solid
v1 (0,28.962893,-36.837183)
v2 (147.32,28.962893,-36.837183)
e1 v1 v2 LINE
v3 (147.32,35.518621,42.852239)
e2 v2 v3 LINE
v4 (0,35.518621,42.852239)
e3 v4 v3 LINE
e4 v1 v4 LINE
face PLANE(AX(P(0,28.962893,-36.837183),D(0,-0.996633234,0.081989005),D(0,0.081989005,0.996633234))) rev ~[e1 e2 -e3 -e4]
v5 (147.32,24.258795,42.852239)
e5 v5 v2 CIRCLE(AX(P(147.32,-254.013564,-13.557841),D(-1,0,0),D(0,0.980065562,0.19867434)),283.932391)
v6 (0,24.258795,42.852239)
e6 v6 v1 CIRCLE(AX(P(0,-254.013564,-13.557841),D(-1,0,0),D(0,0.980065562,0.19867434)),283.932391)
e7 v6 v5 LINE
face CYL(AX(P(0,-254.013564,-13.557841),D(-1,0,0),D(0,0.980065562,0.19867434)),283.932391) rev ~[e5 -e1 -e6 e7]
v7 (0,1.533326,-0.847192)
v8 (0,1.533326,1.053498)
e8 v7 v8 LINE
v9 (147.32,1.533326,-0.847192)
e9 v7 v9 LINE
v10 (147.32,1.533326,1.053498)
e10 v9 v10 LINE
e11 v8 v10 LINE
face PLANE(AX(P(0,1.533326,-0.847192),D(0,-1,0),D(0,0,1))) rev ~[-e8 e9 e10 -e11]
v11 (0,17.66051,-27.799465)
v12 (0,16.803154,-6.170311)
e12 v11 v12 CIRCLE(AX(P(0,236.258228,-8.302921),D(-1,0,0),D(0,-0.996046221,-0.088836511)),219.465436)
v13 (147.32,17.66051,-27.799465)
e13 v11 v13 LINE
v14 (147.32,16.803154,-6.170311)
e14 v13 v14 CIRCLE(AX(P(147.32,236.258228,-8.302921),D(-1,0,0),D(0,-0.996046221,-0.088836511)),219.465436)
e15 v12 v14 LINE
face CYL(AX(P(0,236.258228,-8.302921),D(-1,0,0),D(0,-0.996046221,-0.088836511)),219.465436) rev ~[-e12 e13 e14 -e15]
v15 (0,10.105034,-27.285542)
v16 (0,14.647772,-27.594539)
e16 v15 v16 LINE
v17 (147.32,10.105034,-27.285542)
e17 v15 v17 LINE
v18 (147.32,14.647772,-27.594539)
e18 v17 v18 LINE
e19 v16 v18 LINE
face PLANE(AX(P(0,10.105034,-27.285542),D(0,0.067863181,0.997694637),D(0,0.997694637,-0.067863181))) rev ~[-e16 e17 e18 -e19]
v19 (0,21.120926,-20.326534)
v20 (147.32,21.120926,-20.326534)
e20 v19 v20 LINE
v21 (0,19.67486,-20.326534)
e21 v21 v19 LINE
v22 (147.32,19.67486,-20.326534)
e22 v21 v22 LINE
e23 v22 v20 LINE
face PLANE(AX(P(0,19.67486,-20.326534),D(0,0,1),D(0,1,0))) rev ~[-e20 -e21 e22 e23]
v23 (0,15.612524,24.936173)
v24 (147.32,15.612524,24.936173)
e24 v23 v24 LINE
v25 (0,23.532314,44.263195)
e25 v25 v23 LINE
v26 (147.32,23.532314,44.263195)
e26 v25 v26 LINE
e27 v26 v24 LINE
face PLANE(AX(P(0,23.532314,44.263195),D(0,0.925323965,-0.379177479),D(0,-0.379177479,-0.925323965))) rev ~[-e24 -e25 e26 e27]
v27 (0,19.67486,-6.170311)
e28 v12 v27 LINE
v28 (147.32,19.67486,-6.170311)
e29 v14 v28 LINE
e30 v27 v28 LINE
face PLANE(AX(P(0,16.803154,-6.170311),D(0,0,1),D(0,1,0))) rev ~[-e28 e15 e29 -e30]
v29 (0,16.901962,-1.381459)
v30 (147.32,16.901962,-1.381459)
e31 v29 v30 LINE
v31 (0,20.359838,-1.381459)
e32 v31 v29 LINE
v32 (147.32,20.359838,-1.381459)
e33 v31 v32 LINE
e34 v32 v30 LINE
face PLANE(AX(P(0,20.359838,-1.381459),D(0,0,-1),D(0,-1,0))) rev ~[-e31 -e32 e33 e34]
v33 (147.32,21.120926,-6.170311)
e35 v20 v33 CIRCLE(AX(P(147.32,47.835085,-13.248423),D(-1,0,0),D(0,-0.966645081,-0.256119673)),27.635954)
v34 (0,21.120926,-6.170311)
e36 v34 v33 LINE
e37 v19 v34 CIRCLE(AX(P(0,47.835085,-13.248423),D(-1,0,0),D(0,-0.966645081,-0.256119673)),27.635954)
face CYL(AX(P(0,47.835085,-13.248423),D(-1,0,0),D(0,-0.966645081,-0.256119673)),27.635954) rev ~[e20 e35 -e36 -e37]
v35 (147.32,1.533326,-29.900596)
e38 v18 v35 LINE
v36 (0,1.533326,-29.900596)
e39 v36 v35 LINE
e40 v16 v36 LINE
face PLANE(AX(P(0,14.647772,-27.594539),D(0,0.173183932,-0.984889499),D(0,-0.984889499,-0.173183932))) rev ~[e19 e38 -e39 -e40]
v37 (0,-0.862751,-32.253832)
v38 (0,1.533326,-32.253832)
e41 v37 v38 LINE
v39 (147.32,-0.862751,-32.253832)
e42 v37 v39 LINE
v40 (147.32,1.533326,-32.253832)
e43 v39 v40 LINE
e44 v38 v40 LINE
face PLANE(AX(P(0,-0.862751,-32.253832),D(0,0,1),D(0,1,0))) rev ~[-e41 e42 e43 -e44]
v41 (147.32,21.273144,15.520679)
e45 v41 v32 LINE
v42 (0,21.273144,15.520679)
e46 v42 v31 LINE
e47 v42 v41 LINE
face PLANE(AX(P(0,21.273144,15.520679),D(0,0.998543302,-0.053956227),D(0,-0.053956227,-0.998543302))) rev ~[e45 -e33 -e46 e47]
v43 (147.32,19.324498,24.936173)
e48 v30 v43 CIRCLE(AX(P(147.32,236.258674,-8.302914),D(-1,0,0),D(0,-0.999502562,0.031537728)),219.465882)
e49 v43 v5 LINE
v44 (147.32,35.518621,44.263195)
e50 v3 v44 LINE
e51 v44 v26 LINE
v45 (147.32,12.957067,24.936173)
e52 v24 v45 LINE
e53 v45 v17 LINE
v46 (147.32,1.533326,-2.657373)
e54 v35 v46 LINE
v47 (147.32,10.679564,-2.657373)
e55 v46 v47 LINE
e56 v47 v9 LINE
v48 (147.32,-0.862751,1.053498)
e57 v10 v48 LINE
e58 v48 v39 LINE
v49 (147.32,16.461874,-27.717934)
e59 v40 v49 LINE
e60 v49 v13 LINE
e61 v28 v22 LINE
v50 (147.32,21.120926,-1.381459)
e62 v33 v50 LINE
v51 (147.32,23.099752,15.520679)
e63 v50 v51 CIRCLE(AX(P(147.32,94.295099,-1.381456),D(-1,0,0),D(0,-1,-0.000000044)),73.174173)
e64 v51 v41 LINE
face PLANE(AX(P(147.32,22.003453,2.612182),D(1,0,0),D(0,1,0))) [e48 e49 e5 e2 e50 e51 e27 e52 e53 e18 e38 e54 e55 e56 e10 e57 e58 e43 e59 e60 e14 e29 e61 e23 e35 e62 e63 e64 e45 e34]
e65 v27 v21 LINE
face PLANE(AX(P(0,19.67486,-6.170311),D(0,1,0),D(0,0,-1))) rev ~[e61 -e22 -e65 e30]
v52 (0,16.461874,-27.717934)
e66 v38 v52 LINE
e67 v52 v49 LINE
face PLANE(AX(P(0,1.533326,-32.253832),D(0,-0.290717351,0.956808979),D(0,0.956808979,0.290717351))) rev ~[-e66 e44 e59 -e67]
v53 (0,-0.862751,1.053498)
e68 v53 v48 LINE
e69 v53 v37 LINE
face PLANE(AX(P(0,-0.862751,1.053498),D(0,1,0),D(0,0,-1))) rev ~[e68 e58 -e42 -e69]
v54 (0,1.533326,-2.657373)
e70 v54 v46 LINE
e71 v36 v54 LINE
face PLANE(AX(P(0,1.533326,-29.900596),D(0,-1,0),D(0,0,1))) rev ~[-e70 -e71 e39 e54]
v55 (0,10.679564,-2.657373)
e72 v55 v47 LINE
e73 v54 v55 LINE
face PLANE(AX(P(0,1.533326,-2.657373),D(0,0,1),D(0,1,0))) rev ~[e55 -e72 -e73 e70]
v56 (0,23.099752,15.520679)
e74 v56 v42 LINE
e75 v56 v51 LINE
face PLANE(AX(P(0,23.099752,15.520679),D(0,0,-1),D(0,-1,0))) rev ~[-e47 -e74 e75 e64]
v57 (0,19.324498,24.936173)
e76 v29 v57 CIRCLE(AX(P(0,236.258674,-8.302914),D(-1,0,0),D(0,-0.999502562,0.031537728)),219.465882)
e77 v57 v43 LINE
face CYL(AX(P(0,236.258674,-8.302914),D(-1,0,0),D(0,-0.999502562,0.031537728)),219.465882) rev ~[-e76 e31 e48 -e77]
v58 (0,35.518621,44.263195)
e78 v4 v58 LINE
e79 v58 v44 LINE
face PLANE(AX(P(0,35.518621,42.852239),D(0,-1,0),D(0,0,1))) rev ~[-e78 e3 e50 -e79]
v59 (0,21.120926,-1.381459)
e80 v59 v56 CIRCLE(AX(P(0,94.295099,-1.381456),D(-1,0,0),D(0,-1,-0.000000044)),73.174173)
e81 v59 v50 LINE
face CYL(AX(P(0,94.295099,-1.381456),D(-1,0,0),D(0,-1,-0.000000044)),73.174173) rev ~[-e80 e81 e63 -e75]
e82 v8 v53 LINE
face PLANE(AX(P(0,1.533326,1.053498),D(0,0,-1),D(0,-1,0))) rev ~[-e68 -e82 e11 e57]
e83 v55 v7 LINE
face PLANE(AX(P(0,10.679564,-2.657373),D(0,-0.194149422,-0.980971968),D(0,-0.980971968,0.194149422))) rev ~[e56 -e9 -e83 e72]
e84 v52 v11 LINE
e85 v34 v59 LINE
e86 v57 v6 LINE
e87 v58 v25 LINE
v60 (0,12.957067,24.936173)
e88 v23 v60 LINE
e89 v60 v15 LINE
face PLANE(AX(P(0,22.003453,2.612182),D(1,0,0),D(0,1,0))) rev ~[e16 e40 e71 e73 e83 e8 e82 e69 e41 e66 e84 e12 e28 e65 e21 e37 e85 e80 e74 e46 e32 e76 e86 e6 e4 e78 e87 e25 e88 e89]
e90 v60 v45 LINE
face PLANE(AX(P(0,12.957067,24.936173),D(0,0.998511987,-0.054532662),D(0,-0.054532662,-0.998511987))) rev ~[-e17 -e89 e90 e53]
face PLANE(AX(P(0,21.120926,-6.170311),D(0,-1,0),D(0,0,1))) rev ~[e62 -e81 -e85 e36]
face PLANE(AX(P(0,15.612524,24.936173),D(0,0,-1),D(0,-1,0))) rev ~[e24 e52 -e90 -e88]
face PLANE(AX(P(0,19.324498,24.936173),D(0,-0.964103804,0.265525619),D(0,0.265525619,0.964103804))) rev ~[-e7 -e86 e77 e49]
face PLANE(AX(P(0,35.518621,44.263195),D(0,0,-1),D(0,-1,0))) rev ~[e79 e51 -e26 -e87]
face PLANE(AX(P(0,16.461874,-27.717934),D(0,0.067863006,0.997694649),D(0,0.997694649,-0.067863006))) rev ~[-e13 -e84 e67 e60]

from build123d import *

# Parameters (mm, degrees)
F1_DEPTH = 147.32


with BuildPart() as f1:
    # F0 (on Right) → F1 (new body)
    with BuildSketch(Plane.YZ):
        with BuildLine():
            ThreePointArc((24.258795, 42.852239), (29.425423, 3.173674), (28.962893, -36.837183))
            Line((28.962893, -36.837183), (35.518621, 42.852239))
            Line((35.518621, 42.852239), (35.518621, 44.263195))
            Line((35.518621, 44.263195), (23.532314, 44.263195))
            Line((23.532314, 44.263195), (15.612524, 24.936173))
            Line((15.612524, 24.936173), (12.957067, 24.936173))
            Line((12.957067, 24.936173), (10.105034, -27.285542))
            Line((10.105034, -27.285542), (14.647772, -27.594539))
            Line((14.647772, -27.594539), (1.533326, -29.900596))
            Line((1.533326, -29.900596), (1.533326, -32.253832))
            Line((1.533326, -32.253832), (16.461874, -27.717934))
            Line((16.461874, -27.717934), (17.66051, -27.799465))
            ThreePointArc((17.66051, -27.799465), (16.965006, -16.995465), (16.803154, -6.170311))
            Line((16.803154, -6.170311), (19.67486, -6.170311))
            Line((19.67486, -6.170311), (19.67486, -20.326534))
            Line((19.67486, -20.326534), (21.120926, -20.326534))
            ThreePointArc((21.120926, -20.326534), (20.199131, -13.248423), (21.120926, -6.170311))
            Line((21.120926, -6.170311), (21.120926, -1.381459))
            ThreePointArc((21.120926, -1.381459), (21.617316, 7.127331), (23.099752, 15.520679))
            Line((23.099752, 15.520679), (21.273144, 15.520679))
            Line((21.273144, 15.520679), (20.359838, -1.381459))
            Line((20.359838, -1.381459), (16.901962, -1.381459))
            ThreePointArc((16.901962, -1.381459), (17.716712, 11.813857), (19.324498, 24.936173))
            Line((19.324498, 24.936173), (24.258795, 42.852239))
        make_face()
        Polygon((1.533326, -32.253832), (1.533326, -29.900596), (1.533326, -2.657373), (10.679564, -2.657373), (1.533326, -0.847192), (1.533326, 1.053498), (-0.862751, 1.053498), (-0.862751, -32.253832), align=None)
    extrude(amount=F1_DEPTH)


solid = f1.part
